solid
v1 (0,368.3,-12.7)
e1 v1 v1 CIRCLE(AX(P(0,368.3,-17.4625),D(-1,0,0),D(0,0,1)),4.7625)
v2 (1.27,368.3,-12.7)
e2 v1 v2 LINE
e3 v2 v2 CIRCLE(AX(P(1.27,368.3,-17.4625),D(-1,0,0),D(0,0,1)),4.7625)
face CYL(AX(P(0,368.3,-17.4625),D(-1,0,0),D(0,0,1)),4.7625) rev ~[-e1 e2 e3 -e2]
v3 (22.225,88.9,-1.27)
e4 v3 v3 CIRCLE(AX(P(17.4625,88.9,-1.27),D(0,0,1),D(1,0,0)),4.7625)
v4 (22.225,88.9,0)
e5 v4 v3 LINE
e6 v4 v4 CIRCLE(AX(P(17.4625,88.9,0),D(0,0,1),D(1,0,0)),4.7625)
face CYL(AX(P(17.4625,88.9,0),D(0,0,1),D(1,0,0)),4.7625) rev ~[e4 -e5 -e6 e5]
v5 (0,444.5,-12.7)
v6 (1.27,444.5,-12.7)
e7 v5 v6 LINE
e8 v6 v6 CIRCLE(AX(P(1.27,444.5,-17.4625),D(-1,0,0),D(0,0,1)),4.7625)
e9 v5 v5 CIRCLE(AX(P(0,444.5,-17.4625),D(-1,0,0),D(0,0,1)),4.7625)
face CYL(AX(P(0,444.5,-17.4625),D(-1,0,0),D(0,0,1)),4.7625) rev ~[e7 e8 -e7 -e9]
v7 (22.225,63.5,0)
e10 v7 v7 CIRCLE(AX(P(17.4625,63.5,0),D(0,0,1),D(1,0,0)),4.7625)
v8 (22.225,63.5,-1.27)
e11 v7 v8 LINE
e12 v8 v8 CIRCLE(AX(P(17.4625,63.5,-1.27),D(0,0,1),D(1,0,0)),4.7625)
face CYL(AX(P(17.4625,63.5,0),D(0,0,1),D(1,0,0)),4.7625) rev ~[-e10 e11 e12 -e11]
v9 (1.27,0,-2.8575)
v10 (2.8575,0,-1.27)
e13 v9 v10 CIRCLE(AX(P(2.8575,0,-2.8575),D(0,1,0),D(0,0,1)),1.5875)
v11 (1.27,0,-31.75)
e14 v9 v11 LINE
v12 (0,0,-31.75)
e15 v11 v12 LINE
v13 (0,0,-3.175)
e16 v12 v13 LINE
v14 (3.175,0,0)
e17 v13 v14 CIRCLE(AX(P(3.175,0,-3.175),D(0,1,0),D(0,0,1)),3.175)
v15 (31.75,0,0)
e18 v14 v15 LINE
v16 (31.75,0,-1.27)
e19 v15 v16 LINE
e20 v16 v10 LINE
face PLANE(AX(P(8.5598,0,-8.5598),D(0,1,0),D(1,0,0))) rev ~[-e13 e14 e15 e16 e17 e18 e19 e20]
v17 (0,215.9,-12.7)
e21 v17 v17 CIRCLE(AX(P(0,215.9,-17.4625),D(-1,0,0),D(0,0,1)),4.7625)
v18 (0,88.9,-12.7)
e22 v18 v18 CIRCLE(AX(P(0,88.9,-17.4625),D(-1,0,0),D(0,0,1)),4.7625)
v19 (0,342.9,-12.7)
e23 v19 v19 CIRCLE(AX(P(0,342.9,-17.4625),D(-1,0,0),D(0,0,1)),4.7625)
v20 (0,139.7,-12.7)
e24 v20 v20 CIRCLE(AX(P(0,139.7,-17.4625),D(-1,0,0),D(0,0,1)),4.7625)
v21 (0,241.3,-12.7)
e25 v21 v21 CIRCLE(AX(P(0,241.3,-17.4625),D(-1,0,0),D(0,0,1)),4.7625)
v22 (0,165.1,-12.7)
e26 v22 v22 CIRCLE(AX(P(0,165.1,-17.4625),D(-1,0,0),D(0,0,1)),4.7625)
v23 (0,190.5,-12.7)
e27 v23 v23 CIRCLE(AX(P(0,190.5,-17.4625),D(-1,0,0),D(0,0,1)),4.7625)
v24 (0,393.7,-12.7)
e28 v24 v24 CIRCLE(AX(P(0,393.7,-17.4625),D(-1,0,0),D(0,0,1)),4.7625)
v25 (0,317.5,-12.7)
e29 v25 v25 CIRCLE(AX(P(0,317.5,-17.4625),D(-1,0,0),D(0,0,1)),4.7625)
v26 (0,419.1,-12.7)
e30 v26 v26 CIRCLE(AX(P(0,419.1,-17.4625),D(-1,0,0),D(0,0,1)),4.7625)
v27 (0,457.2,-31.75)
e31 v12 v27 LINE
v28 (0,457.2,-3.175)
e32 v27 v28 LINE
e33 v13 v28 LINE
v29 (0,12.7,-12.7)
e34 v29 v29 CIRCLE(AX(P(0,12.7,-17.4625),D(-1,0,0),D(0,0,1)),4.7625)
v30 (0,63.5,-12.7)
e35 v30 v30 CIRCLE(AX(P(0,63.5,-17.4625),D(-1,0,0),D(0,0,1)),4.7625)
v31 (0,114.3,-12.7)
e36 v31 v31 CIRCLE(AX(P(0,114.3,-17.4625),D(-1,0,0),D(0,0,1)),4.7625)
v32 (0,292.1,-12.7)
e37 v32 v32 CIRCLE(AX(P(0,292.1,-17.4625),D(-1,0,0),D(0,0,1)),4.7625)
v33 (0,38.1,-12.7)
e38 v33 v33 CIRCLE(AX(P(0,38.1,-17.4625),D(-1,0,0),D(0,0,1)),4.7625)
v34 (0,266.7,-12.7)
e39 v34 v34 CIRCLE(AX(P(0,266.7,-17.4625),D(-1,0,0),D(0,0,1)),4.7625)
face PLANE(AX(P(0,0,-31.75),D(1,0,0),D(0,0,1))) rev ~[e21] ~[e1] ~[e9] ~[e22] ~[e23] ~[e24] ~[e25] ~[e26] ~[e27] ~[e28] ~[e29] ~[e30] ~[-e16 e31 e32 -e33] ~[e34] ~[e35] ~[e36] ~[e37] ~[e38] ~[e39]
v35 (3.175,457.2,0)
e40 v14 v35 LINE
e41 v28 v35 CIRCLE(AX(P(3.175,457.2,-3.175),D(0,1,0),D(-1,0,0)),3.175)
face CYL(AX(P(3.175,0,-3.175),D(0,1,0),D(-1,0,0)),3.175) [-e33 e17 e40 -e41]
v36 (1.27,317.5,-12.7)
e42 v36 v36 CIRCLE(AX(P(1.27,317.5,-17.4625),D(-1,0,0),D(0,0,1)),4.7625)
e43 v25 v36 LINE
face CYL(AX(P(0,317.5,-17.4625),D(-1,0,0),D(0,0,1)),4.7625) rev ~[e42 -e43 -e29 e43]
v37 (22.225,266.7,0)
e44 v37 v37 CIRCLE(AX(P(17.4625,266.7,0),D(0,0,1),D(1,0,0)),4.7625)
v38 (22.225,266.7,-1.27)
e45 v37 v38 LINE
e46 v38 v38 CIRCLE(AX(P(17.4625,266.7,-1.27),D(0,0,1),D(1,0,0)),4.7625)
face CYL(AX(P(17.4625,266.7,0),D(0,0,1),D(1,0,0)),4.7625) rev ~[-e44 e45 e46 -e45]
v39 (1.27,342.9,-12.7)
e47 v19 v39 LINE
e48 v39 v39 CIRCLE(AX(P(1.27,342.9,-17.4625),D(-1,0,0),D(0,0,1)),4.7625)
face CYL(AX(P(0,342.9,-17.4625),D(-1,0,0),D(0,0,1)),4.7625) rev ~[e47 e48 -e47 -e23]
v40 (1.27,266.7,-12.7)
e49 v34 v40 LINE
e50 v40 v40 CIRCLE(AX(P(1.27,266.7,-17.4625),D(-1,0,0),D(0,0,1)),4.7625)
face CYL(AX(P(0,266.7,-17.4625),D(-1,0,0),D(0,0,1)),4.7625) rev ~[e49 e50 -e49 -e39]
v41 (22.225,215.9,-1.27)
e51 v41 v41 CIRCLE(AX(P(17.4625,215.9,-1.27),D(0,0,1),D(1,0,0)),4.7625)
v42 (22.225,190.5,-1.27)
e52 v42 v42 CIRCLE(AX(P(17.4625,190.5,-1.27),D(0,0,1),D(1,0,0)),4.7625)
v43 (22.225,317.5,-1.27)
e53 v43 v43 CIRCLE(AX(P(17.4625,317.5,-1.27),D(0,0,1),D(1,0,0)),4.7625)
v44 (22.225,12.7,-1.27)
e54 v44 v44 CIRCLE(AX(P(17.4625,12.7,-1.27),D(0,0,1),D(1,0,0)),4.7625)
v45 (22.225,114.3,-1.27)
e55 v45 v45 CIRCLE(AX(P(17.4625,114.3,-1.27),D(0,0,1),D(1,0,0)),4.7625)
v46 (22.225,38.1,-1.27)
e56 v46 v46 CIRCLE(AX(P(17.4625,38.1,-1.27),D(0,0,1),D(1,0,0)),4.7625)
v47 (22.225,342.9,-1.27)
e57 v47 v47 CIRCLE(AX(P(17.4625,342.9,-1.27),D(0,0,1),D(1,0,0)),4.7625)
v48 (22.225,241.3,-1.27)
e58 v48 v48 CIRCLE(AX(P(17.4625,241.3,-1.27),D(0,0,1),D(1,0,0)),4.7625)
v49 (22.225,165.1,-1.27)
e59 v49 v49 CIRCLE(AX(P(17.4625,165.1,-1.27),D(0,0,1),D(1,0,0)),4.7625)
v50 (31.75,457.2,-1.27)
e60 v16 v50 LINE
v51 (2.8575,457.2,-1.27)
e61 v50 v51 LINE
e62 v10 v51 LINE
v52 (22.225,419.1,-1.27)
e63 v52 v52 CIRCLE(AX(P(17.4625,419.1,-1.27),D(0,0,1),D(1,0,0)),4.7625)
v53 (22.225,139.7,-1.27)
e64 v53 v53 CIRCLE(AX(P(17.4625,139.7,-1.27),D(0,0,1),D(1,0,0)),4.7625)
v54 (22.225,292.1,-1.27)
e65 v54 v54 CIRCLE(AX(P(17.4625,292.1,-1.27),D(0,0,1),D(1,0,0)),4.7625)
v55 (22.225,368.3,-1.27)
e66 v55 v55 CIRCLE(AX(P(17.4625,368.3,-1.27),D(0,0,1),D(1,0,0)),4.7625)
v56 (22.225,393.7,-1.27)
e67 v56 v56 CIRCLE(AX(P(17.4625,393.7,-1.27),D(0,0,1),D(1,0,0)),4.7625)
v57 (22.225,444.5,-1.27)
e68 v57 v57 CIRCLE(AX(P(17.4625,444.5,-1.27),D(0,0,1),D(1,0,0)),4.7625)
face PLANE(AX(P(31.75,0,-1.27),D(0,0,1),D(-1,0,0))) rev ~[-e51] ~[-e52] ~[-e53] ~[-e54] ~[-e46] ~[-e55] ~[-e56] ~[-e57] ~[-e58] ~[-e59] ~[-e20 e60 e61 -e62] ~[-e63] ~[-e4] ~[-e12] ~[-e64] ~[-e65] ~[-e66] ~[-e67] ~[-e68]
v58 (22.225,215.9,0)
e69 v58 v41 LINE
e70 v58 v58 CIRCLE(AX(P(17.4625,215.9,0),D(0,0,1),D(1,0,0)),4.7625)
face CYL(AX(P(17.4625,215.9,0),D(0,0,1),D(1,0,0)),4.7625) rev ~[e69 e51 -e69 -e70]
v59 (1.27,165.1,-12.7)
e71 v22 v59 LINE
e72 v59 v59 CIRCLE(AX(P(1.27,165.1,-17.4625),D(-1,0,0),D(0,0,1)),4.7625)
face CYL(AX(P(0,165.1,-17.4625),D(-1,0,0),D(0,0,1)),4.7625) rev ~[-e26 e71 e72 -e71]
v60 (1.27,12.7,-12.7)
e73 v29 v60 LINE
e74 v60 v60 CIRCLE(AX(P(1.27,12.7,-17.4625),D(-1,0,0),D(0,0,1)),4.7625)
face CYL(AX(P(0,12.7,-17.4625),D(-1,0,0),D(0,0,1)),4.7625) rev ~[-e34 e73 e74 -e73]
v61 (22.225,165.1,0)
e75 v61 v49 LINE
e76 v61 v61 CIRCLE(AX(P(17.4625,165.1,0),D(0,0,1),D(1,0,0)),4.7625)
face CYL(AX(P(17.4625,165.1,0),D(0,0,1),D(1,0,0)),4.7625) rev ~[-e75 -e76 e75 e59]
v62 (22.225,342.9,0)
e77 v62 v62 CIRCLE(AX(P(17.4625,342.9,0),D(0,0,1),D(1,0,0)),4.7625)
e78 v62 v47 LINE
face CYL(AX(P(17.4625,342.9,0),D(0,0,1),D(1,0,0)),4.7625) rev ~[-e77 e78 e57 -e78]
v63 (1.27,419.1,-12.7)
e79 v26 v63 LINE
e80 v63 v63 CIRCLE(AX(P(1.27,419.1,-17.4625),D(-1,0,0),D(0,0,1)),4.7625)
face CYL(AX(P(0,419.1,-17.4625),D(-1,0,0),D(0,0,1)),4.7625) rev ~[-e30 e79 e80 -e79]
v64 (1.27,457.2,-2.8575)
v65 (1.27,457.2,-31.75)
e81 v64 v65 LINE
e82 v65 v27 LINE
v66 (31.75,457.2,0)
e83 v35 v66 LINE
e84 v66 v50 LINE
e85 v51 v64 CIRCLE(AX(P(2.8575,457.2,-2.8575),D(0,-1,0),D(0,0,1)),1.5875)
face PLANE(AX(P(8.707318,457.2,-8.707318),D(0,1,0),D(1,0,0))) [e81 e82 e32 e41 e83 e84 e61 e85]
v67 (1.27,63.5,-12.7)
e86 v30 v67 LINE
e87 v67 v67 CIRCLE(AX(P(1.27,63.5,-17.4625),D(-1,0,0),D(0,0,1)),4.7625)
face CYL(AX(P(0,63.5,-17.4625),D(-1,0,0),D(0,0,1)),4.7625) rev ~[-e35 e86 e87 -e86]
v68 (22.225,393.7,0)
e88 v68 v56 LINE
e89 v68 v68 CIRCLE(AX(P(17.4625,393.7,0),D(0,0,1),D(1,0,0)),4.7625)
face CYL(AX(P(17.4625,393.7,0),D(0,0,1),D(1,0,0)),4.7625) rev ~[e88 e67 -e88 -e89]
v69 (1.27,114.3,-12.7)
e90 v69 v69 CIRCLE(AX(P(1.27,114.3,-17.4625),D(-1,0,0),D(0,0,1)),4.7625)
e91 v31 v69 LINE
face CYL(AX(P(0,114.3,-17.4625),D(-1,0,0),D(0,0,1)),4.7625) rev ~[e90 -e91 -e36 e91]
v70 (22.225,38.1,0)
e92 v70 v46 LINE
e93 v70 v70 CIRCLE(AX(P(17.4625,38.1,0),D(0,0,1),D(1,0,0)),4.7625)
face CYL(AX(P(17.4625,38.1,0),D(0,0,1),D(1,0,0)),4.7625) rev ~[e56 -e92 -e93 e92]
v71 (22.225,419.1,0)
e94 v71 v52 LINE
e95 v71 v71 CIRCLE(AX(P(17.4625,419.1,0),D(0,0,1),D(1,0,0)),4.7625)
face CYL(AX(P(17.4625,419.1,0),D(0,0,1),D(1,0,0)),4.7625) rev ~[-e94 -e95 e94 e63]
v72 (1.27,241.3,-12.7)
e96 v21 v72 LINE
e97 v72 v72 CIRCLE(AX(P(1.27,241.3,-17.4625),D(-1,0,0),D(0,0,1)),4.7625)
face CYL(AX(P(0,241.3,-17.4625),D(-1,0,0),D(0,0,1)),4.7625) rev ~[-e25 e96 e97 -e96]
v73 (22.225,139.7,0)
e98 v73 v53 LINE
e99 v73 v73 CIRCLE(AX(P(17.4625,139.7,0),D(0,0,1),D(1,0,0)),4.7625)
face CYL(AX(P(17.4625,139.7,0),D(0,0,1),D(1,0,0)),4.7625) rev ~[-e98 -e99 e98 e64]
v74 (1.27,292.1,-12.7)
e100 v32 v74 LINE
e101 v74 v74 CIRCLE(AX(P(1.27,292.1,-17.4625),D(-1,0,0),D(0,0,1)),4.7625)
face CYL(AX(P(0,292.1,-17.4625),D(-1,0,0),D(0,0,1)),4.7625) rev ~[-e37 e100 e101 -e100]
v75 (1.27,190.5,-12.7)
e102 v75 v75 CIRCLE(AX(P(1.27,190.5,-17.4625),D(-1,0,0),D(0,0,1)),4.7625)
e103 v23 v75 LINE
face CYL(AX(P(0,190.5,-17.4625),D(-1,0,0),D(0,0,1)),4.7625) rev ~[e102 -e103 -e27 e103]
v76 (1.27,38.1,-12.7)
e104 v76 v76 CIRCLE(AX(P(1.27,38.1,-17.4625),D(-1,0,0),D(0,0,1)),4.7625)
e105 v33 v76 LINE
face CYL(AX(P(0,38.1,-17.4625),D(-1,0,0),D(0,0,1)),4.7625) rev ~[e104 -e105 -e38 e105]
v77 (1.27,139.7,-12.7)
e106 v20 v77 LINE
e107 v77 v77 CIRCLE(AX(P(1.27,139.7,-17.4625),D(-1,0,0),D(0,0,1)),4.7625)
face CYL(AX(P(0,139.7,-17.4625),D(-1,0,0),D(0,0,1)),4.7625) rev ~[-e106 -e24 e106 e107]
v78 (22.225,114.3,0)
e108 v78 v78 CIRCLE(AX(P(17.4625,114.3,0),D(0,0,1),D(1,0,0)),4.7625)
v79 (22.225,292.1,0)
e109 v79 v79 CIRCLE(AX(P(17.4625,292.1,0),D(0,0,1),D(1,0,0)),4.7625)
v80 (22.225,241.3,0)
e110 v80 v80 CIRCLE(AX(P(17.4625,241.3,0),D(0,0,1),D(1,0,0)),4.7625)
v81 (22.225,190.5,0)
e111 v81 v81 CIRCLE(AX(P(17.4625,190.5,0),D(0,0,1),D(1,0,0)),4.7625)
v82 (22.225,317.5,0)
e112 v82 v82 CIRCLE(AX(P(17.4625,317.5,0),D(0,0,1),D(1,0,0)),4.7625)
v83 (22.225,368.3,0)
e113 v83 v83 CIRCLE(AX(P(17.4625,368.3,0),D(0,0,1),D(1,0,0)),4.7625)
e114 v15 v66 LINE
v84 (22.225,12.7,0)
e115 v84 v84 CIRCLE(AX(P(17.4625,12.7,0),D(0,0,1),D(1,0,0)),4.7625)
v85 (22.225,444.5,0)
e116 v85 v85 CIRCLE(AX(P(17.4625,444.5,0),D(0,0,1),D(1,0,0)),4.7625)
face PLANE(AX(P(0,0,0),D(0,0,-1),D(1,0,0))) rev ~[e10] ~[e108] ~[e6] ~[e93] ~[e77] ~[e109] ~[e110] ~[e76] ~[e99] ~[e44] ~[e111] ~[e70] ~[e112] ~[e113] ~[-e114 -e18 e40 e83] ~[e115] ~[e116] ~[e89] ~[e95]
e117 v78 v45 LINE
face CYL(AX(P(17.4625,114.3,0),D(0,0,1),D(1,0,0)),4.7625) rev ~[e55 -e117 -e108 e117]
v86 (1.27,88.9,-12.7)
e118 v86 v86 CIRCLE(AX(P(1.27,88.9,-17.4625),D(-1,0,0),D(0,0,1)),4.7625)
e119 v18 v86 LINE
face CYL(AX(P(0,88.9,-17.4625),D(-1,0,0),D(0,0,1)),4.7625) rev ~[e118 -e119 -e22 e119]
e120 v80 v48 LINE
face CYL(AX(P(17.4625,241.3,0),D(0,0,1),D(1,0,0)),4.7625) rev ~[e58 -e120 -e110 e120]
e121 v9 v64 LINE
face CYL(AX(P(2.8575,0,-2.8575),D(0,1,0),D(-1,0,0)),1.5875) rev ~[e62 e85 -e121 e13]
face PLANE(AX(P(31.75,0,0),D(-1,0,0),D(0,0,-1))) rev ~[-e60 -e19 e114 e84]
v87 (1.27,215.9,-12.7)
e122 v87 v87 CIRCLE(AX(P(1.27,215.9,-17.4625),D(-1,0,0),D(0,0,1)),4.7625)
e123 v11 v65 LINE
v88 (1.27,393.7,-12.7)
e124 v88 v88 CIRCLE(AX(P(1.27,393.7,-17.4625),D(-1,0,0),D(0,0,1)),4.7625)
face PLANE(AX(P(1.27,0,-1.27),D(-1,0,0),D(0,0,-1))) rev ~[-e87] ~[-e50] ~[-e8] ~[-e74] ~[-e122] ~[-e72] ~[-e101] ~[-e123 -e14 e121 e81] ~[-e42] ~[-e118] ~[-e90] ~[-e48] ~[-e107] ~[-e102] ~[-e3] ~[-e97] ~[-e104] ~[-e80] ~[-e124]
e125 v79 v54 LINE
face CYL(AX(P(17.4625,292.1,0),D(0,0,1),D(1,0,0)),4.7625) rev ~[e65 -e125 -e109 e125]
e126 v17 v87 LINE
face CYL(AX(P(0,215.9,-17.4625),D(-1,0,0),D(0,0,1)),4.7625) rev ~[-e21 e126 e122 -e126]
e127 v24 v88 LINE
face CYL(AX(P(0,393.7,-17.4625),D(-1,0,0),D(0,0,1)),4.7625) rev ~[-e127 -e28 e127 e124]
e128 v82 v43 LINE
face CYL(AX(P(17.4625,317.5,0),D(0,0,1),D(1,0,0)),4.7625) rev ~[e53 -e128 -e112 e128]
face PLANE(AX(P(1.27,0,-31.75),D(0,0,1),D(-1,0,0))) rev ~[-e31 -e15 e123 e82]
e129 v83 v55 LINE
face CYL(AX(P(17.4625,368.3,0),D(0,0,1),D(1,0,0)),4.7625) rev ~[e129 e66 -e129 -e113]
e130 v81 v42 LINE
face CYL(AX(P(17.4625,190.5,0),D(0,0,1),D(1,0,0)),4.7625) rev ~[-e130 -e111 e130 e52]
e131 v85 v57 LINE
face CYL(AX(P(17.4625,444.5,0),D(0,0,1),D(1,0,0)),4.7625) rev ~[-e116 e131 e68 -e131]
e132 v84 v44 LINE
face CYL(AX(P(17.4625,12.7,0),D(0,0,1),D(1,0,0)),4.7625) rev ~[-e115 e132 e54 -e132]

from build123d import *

# Parameters (mm, degrees)
BOSS_EXTRUDE1_DEPTH = 1219.2
SKETCH3_R           = 4.7625
CUT_EXTRUDE1_DEPTH  = 1.27
SKETCH4_R           = 4.7625
CUT_EXTRUDE2_DEPTH  = 1.27
FILLET1_R           = 3.175
FILLET2_R           = 1.5875
CUT_EXTRUDE3_DEPTH  = 762


with BuildPart() as part:
    # Sketch1 → Boss-Extrude1 (new body)
    with BuildSketch(Plane(origin=(0, 0, 0), x_dir=(1, 0, 0), z_dir=(0, 1, 0))):
        Polygon((1.27, 1.27), (1.27, 30.48), (1.27, 31.75), (0, 31.75), (0, 0), (31.75, 0), (31.75, 1.27), (30.48, 1.27), align=None)
    extrude(amount=BOSS_EXTRUDE1_DEPTH)

    # Sketch3 → Cut-Extrude1 (cut)
    with BuildSketch(Plane.ZY):
        with Locations((-17.4625, 12.7)):
            Circle(SKETCH3_R)
        with Locations((-17.4625, 38.1)):
            Circle(SKETCH3_R)
        with Locations((-17.4625, 63.5)):
            Circle(SKETCH3_R)
        with Locations((-17.4625, 88.9)):
            Circle(SKETCH3_R)
        with Locations((-17.4625, 114.3)):
            Circle(SKETCH3_R)
        with Locations((-17.4625, 139.7)):
            Circle(SKETCH3_R)
        with Locations((-17.4625, 165.1)):
            Circle(SKETCH3_R)
        with Locations((-17.4625, 190.5)):
            Circle(SKETCH3_R)
        with Locations((-17.4625, 215.9)):
            Circle(SKETCH3_R)
        with Locations((-17.4625, 241.3)):
            Circle(SKETCH3_R)
        with Locations((-17.4625, 266.7)):
            Circle(SKETCH3_R)
        with Locations((-17.4625, 292.1)):
            Circle(SKETCH3_R)
        with Locations((-17.4625, 317.5)):
            Circle(SKETCH3_R)
        with Locations((-17.4625, 342.9)):
            Circle(SKETCH3_R)
        with Locations((-17.4625, 368.3)):
            Circle(SKETCH3_R)
        with Locations((-17.4625, 393.7)):
            Circle(SKETCH3_R)
        with Locations((-17.4625, 419.1)):
            Circle(SKETCH3_R)
        with Locations((-17.4625, 444.5)):
            Circle(SKETCH3_R)
        with Locations((-17.4625, 469.9)):
            Circle(SKETCH3_R)
        with Locations((-17.4625, 495.3)):
            Circle(SKETCH3_R)
        with Locations((-17.4625, 520.7)):
            Circle(SKETCH3_R)
        with Locations((-17.4625, 546.1)):
            Circle(SKETCH3_R)
        with Locations((-17.4625, 571.5)):
            Circle(SKETCH3_R)
        with Locations((-17.4625, 596.9)):
            Circle(SKETCH3_R)
        with Locations((-17.4625, 622.3)):
            Circle(SKETCH3_R)
        with Locations((-17.4625, 647.7)):
            Circle(SKETCH3_R)
        with Locations((-17.4625, 673.1)):
            Circle(SKETCH3_R)
        with Locations((-17.4625, 698.5)):
            Circle(SKETCH3_R)
        with Locations((-17.4625, 723.9)):
            Circle(SKETCH3_R)
        with Locations((-17.4625, 749.3)):
            Circle(SKETCH3_R)
        with Locations((-17.4625, 774.7)):
            Circle(SKETCH3_R)
        with Locations((-17.4625, 800.1)):
            Circle(SKETCH3_R)
        with Locations((-17.4625, 825.5)):
            Circle(SKETCH3_R)
        with Locations((-17.4625, 850.9)):
            Circle(SKETCH3_R)
        with Locations((-17.4625, 876.3)):
            Circle(SKETCH3_R)
        with Locations((-17.4625, 901.7)):
            Circle(SKETCH3_R)
        with Locations((-17.4625, 927.1)):
            Circle(SKETCH3_R)
        with Locations((-17.4625, 952.5)):
            Circle(SKETCH3_R)
        with Locations((-17.4625, 977.9)):
            Circle(SKETCH3_R)
        with Locations((-17.4625, 1003.3)):
            Circle(SKETCH3_R)
        with Locations((-17.4625, 1028.7)):
            Circle(SKETCH3_R)
        with Locations((-17.4625, 1054.1)):
            Circle(SKETCH3_R)
        with Locations((-17.4625, 1079.5)):
            Circle(SKETCH3_R)
        with Locations((-17.4625, 1104.9)):
            Circle(SKETCH3_R)
        with Locations((-17.4625, 1130.3)):
            Circle(SKETCH3_R)
        with Locations((-17.4625, 1155.7)):
            Circle(SKETCH3_R)
        with Locations((-17.4625, 1181.1)):
            Circle(SKETCH3_R)
        with Locations((-17.4625, 1206.5)):
            Circle(SKETCH3_R)
    extrude(amount=-CUT_EXTRUDE1_DEPTH, mode=Mode.SUBTRACT)

    # Sketch4 → Cut-Extrude2 (cut)
    with BuildSketch(Plane.XY):
        with Locations((17.4625, 1206.5)):
            Circle(SKETCH4_R)
        with Locations((17.4625, 1181.1)):
            Circle(SKETCH4_R)
        with Locations((17.4625, 1155.7)):
            Circle(SKETCH4_R)
        with Locations((17.4625, 1130.3)):
            Circle(SKETCH4_R)
        with Locations((17.4625, 1104.9)):
            Circle(SKETCH4_R)
        with Locations((17.4625, 1079.5)):
            Circle(SKETCH4_R)
        with Locations((17.4625, 1054.1)):
            Circle(SKETCH4_R)
        with Locations((17.4625, 1028.7)):
            Circle(SKETCH4_R)
        with Locations((17.4625, 1003.3)):
            Circle(SKETCH4_R)
        with Locations((17.4625, 977.9)):
            Circle(SKETCH4_R)
        with Locations((17.4625, 952.5)):
            Circle(SKETCH4_R)
        with Locations((17.4625, 927.1)):
            Circle(SKETCH4_R)
        with Locations((17.4625, 901.7)):
            Circle(SKETCH4_R)
        with Locations((17.4625, 876.3)):
            Circle(SKETCH4_R)
        with Locations((17.4625, 850.9)):
            Circle(SKETCH4_R)
        with Locations((17.4625, 825.5)):
            Circle(SKETCH4_R)
        with Locations((17.4625, 800.1)):
            Circle(SKETCH4_R)
        with Locations((17.4625, 774.7)):
            Circle(SKETCH4_R)
        with Locations((17.4625, 749.3)):
            Circle(SKETCH4_R)
        with Locations((17.4625, 723.9)):
            Circle(SKETCH4_R)
        with Locations((17.4625, 698.5)):
            Circle(SKETCH4_R)
        with Locations((17.4625, 673.1)):
            Circle(SKETCH4_R)
        with Locations((17.4625, 647.7)):
            Circle(SKETCH4_R)
        with Locations((17.4625, 622.3)):
            Circle(SKETCH4_R)
        with Locations((17.4625, 596.9)):
            Circle(SKETCH4_R)
        with Locations((17.4625, 571.5)):
            Circle(SKETCH4_R)
        with Locations((17.4625, 546.1)):
            Circle(SKETCH4_R)
        with Locations((17.4625, 520.7)):
            Circle(SKETCH4_R)
        with Locations((17.4625, 495.3)):
            Circle(SKETCH4_R)
        with Locations((17.4625, 469.9)):
            Circle(SKETCH4_R)
        with Locations((17.4625, 444.5)):
            Circle(SKETCH4_R)
        with Locations((17.4625, 419.1)):
            Circle(SKETCH4_R)
        with Locations((17.4625, 393.7)):
            Circle(SKETCH4_R)
        with Locations((17.4625, 368.3)):
            Circle(SKETCH4_R)
        with Locations((17.4625, 342.9)):
            Circle(SKETCH4_R)
        with Locations((17.4625, 317.5)):
            Circle(SKETCH4_R)
        with Locations((17.4625, 292.1)):
            Circle(SKETCH4_R)
        with Locations((17.4625, 266.7)):
            Circle(SKETCH4_R)
        with Locations((17.4625, 241.3)):
            Circle(SKETCH4_R)
        with Locations((17.4625, 215.9)):
            Circle(SKETCH4_R)
        with Locations((17.4625, 190.5)):
            Circle(SKETCH4_R)
        with Locations((17.4625, 165.1)):
            Circle(SKETCH4_R)
        with Locations((17.4625, 139.7)):
            Circle(SKETCH4_R)
        with Locations((17.4625, 114.3)):
            Circle(SKETCH4_R)
        with Locations((17.4625, 88.9)):
            Circle(SKETCH4_R)
        with Locations((17.4625, 63.5)):
            Circle(SKETCH4_R)
        with Locations((17.4625, 38.1)):
            Circle(SKETCH4_R)
        with Locations((17.4625, 12.7)):
            Circle(SKETCH4_R)
    extrude(amount=-CUT_EXTRUDE2_DEPTH, mode=Mode.SUBTRACT)

    # Fillet1
    fillet1_edges = [part.edges().sort_by_distance(p)[0] for p in [
        (0, 609.6, 0),
    ]]
    fillet(fillet1_edges, radius=FILLET1_R)

    # Fillet2
    fillet2_edges = [part.edges().sort_by_distance(p)[0] for p in [
        (1.27, 609.6, -1.27),
    ]]
    fillet(fillet2_edges, radius=FILLET2_R)

    # Sketch5 → Cut-Extrude3 (cut)
    with BuildSketch(Plane(origin=(0, 1219.2, 0), x_dir=(1, 0, 0), z_dir=(0, 1, 0))):
        with BuildLine():
            Line((0, 31.75), (0, 3.175))
            ThreePointArc((0, 3.175), (0.92993597, 0.92993597), (3.175, 0))
            Line((3.175, 0), (31.75, 0))
            Line((31.75, 0), (31.75, 1.27))
            Line((31.75, 1.27), (2.8575, 1.27))
            ThreePointArc((2.8575, 1.27), (1.734967985, 1.734967985), (1.27, 2.8575))
            Line((1.27, 2.8575), (1.27, 31.75))
            Line((1.27, 31.75), (0, 31.75))
        make_face()
    extrude(amount=-CUT_EXTRUDE3_DEPTH, mode=Mode.SUBTRACT)


solid = part.part
